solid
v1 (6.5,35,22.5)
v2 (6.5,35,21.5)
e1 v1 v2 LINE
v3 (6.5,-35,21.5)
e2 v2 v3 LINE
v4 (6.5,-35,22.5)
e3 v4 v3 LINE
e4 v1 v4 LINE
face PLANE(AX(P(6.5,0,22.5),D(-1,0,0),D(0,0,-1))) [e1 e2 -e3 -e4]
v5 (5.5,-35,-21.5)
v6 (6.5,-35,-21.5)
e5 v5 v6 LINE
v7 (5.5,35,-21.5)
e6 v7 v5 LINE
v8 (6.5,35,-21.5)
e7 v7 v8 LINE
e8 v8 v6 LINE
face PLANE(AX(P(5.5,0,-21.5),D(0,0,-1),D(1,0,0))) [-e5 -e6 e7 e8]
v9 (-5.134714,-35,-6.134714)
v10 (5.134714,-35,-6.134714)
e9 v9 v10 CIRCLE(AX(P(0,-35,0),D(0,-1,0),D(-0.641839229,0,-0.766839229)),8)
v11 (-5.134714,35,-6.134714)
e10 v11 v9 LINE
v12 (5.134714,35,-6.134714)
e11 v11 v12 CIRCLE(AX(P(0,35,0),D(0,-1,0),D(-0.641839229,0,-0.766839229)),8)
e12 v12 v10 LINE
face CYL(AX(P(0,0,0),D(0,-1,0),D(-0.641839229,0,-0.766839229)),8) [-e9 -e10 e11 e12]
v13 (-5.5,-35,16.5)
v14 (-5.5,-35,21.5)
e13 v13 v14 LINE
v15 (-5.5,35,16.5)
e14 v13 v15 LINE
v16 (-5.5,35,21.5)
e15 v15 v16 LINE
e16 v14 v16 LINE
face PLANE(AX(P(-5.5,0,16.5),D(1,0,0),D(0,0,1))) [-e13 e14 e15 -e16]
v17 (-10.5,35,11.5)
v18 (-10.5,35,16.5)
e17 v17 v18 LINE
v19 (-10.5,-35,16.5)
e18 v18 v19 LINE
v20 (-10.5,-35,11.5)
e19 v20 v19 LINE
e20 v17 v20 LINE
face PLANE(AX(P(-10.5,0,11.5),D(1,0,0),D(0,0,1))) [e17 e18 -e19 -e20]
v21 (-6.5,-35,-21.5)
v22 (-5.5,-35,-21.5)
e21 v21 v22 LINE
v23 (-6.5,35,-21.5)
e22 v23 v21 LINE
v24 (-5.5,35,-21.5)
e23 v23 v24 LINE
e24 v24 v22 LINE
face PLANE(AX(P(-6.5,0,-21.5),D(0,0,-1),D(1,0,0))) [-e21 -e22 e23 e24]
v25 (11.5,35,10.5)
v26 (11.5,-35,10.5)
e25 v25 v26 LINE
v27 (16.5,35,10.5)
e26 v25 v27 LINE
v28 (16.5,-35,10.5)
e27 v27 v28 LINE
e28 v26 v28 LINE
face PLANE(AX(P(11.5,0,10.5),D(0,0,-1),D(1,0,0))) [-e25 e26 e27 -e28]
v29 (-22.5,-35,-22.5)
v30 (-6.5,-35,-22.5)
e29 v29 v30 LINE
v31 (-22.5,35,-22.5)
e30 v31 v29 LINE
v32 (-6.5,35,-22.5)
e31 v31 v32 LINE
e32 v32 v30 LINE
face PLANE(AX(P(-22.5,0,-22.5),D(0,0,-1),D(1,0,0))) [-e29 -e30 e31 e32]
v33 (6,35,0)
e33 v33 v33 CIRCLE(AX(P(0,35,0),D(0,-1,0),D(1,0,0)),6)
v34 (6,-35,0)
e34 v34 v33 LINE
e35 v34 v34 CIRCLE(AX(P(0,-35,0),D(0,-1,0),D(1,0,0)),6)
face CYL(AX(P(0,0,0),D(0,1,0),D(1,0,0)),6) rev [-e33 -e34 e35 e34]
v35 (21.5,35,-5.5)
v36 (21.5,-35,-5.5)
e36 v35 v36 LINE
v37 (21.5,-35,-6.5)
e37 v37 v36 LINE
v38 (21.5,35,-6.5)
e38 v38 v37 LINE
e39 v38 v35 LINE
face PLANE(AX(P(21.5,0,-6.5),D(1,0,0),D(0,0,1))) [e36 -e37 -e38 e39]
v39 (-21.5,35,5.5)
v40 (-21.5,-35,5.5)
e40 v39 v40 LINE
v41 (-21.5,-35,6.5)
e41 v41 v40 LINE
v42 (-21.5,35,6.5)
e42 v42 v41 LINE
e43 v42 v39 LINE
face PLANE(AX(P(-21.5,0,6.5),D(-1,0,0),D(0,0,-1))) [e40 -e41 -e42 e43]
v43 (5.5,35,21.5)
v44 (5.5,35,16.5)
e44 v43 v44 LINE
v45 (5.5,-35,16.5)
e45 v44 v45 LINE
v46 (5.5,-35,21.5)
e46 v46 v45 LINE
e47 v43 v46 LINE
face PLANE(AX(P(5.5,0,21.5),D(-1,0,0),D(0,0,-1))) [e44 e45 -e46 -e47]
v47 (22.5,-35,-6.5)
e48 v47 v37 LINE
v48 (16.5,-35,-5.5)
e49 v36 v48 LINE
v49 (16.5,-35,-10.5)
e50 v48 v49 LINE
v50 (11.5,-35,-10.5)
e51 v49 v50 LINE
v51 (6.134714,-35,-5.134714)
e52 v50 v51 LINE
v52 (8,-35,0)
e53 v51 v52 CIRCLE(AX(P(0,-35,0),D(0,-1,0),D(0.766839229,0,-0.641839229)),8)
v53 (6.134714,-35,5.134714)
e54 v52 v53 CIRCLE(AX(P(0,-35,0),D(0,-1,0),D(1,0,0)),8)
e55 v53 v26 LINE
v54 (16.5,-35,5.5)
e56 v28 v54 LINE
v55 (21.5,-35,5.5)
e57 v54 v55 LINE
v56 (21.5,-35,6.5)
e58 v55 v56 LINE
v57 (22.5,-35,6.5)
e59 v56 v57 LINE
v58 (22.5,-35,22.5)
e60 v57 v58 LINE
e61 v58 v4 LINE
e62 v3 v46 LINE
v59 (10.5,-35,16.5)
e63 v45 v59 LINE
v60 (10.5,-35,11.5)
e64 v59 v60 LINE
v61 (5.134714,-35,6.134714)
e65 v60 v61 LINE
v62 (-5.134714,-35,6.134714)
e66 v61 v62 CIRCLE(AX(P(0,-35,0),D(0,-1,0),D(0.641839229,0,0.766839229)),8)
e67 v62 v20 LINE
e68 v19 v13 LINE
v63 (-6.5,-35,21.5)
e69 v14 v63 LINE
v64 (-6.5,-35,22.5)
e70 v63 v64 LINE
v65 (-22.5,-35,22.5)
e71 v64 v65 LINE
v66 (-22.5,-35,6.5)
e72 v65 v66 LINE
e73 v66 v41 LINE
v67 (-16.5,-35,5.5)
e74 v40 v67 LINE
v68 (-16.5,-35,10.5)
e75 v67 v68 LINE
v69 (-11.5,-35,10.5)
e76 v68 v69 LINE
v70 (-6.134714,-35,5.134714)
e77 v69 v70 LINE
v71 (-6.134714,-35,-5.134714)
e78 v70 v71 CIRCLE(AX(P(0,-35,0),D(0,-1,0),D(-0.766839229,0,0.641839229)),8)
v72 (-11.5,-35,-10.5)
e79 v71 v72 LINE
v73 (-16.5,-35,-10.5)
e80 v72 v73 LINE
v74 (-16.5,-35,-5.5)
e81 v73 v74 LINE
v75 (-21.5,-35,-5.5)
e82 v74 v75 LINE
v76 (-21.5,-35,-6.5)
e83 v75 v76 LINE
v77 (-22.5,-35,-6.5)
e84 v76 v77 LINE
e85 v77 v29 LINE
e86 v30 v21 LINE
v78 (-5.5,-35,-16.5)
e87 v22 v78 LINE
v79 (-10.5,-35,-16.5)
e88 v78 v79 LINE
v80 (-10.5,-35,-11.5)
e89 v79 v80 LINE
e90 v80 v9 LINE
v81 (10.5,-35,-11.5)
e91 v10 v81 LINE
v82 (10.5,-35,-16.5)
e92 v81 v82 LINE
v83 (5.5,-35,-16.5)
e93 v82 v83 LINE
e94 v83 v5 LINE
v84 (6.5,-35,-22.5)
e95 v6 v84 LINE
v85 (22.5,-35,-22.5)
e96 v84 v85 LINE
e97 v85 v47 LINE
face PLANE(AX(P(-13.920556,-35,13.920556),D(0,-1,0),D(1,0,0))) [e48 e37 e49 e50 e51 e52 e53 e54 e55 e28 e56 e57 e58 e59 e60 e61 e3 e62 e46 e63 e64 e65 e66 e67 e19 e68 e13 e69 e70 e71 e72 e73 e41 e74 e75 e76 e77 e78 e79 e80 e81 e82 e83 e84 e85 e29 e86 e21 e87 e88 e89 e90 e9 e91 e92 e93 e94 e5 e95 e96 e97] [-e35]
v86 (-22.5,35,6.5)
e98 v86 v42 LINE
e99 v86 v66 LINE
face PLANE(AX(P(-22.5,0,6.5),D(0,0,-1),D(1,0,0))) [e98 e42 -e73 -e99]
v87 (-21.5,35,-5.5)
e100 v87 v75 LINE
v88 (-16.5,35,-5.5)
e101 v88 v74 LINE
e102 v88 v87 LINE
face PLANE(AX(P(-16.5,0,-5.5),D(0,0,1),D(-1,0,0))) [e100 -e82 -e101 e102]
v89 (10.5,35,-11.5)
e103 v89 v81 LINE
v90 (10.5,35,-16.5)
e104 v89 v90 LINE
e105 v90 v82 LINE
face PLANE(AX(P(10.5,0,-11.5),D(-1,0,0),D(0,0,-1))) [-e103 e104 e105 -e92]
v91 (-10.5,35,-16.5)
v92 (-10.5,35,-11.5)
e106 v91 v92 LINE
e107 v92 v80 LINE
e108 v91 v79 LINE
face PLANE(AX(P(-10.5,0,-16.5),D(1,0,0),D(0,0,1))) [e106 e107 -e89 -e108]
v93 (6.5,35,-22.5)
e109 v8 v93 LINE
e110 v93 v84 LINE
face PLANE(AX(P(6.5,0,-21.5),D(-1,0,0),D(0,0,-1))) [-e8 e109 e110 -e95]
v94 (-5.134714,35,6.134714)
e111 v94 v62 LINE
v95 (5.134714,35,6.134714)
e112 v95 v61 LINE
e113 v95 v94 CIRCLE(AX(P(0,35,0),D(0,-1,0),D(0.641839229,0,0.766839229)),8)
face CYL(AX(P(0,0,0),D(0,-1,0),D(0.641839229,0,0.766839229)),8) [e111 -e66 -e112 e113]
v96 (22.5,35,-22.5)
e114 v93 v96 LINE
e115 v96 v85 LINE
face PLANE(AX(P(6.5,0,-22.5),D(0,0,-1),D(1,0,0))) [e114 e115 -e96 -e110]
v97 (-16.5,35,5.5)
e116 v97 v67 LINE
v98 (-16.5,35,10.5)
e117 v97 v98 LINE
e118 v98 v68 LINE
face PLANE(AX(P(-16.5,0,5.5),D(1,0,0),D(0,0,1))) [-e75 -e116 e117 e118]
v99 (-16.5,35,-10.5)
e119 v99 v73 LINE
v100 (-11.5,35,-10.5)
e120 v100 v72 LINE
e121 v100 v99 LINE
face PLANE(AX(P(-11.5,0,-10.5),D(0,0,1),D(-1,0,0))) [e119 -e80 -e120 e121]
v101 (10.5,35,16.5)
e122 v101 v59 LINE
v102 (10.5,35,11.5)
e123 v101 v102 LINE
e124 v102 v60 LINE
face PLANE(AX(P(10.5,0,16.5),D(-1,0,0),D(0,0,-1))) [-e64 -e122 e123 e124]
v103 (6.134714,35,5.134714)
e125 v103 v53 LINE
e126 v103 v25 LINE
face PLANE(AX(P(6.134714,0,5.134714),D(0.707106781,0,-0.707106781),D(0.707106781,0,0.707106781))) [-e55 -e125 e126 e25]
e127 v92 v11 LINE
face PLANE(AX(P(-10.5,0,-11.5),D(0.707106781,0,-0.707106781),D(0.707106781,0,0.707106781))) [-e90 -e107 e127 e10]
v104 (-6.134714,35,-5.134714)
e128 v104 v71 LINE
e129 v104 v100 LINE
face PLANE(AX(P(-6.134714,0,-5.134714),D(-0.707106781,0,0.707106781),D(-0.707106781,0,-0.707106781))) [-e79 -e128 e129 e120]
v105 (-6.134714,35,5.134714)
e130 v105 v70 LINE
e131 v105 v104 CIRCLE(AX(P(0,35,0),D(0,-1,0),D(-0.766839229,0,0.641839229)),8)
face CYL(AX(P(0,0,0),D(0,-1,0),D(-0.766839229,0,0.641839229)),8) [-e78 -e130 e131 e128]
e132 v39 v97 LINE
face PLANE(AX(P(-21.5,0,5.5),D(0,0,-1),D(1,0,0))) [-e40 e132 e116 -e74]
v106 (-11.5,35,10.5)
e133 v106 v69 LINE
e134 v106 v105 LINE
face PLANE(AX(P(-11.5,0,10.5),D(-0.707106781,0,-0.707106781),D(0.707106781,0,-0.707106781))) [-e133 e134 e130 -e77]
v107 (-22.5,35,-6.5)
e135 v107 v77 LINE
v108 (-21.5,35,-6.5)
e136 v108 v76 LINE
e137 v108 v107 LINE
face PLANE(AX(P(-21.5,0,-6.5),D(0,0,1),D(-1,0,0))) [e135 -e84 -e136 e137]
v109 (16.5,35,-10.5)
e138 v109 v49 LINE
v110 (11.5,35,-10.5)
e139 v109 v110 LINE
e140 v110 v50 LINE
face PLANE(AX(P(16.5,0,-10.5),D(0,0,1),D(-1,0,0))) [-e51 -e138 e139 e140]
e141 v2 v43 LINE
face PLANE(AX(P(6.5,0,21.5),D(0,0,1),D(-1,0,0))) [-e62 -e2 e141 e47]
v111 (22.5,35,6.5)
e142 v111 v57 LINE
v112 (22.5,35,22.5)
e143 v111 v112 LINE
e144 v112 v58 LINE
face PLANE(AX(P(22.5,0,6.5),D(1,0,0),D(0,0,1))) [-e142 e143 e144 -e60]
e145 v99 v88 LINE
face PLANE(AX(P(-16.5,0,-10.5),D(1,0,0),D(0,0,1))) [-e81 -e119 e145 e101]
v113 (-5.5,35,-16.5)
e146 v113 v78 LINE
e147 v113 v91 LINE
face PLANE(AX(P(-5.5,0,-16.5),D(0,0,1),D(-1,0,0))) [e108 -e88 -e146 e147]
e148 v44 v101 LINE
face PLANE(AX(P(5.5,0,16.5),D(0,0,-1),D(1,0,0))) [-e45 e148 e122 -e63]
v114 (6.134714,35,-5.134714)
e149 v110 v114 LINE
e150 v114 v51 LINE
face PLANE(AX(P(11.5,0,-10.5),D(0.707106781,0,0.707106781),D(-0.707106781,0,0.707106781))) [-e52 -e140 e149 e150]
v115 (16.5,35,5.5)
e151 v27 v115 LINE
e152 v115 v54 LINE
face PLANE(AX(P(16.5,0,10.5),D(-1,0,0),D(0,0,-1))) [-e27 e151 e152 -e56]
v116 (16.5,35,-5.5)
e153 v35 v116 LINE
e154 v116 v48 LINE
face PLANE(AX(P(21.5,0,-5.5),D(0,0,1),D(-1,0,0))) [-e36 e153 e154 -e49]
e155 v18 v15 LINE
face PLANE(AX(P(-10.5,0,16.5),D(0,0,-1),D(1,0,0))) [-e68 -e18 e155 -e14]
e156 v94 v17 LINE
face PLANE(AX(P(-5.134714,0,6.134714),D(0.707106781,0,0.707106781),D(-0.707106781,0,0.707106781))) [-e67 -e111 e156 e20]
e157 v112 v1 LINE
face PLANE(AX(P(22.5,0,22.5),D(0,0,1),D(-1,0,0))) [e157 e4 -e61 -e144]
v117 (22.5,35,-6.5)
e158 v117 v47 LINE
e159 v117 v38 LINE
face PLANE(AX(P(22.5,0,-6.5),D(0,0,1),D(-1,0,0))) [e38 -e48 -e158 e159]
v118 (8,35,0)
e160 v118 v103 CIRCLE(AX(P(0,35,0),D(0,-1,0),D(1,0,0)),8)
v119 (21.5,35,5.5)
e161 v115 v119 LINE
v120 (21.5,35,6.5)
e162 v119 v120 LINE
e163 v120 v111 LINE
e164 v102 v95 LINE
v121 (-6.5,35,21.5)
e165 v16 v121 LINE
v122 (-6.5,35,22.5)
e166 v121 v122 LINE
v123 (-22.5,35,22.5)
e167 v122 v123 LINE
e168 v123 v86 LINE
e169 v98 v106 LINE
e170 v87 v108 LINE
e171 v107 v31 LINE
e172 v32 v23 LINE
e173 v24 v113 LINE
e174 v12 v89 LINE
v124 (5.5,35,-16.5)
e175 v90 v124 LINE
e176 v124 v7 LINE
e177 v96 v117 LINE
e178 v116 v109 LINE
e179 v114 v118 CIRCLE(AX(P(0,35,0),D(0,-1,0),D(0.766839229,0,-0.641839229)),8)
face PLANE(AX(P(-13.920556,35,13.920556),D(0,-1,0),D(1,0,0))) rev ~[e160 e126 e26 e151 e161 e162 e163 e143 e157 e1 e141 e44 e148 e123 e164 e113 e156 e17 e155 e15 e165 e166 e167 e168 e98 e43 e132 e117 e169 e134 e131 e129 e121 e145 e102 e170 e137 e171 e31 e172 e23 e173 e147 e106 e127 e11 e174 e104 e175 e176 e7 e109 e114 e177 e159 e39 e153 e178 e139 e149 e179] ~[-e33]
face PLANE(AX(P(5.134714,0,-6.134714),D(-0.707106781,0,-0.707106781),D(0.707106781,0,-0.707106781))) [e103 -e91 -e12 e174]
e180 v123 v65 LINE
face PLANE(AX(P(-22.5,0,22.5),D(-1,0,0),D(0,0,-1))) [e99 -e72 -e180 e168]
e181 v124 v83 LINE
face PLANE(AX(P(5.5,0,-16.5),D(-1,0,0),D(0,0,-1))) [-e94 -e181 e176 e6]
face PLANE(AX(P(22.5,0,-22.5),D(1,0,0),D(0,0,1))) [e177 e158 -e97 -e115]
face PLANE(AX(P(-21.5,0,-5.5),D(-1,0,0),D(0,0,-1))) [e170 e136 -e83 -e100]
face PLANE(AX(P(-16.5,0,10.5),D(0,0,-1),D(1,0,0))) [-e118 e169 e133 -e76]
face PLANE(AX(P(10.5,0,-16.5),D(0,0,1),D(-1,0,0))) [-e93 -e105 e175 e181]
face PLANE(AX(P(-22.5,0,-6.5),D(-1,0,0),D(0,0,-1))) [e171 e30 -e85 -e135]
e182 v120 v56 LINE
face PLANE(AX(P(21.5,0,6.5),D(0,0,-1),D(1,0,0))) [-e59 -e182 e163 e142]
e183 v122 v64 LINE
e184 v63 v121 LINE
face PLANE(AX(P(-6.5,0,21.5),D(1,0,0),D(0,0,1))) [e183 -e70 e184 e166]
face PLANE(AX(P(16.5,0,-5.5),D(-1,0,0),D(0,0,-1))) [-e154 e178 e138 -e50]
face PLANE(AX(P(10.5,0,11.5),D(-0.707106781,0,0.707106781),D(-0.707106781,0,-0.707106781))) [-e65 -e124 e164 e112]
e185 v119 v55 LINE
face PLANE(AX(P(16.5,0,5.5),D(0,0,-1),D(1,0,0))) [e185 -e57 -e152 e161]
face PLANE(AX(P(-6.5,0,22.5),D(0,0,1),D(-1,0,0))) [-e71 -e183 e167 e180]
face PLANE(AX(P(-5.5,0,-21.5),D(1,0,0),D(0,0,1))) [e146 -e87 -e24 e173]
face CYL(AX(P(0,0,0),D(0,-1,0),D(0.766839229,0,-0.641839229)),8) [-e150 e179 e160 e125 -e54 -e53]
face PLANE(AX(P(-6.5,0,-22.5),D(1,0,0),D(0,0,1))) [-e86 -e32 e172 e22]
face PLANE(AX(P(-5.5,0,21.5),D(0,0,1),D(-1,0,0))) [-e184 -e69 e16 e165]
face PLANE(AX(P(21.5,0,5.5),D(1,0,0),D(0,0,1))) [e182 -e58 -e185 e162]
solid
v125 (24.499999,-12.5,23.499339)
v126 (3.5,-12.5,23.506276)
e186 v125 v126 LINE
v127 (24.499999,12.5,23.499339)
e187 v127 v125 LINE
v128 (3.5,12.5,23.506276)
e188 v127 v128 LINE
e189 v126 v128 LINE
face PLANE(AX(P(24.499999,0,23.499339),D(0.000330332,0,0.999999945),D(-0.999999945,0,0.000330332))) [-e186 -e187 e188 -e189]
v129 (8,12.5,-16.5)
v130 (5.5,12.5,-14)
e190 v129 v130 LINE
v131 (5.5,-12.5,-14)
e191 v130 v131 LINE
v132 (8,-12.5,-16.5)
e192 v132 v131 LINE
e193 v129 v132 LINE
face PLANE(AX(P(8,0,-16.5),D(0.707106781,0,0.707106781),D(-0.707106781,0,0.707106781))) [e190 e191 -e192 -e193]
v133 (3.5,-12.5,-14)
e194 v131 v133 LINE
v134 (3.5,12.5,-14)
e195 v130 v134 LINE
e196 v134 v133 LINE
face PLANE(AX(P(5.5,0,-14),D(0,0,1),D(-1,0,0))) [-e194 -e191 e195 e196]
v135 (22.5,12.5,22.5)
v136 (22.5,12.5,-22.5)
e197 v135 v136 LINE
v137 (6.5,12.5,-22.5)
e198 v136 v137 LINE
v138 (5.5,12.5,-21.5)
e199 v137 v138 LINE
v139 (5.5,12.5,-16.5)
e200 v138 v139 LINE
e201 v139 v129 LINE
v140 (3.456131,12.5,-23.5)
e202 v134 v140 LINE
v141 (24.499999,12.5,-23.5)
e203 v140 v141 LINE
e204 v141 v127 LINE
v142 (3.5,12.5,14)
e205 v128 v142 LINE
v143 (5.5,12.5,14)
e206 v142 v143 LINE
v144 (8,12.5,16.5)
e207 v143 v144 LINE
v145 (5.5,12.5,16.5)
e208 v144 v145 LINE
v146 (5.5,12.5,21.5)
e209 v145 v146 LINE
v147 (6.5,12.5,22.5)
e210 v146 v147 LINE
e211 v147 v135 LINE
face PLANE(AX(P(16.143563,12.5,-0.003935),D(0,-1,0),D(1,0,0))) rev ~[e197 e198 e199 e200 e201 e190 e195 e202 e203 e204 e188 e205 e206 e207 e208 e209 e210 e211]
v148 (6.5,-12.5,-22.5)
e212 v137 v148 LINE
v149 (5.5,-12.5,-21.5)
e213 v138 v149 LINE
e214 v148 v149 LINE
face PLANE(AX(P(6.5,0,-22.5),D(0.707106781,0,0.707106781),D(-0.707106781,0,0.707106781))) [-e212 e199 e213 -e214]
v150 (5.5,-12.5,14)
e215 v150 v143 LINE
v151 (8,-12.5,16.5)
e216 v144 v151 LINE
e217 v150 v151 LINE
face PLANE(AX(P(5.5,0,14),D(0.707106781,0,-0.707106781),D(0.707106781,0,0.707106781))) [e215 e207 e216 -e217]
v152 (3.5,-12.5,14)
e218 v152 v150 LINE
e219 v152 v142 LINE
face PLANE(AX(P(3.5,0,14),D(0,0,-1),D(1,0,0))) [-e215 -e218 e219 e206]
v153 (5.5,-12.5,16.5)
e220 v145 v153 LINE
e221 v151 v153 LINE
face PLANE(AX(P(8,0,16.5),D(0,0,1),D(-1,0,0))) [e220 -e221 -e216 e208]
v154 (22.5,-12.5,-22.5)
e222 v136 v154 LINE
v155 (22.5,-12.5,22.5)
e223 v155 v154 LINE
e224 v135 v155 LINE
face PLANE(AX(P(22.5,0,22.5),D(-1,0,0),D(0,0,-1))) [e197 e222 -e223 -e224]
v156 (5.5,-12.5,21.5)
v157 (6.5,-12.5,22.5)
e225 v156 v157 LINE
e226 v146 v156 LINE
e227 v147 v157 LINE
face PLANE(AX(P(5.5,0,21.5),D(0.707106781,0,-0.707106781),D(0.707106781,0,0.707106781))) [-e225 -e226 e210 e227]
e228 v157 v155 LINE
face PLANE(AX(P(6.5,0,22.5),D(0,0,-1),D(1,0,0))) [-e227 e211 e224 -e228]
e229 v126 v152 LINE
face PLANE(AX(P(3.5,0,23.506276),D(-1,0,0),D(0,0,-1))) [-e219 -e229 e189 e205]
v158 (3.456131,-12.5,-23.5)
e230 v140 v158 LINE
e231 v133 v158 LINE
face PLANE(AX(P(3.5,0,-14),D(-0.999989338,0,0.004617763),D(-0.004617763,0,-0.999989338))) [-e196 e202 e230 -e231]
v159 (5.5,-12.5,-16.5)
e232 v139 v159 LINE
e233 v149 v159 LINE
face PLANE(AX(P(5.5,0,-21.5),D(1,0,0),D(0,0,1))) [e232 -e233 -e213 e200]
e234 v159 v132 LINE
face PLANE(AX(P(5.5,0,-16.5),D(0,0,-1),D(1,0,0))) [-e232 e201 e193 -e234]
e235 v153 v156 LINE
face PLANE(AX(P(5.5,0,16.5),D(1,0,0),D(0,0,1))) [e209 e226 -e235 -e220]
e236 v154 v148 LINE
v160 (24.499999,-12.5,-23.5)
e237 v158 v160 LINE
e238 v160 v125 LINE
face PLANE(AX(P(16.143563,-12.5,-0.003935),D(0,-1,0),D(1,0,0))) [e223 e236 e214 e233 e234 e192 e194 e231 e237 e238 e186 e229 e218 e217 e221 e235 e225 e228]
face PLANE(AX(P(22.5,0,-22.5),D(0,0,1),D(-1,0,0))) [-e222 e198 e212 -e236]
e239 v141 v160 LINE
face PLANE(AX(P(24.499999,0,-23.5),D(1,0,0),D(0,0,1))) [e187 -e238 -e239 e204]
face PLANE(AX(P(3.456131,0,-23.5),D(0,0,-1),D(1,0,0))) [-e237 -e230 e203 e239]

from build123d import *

# Parameters (mm, degrees)
F0_R     = 6
F1_DEPTH = 35
F3_DEPTH = 12.5


with BuildPart() as f1:
    # F0 (on Front) → F1 (new body, symmetric)
    with BuildSketch(Plane.XZ):
        with BuildLine():
            Line((-6.5, 21.5), (-6.5, 22.5))
            Line((-6.5, 22.5), (-22.5, 22.5))
            Line((-22.5, 22.5), (-22.5, 6.5))
            Line((-22.5, 6.5), (-21.5, 6.5))
            Line((-21.5, 6.5), (-21.5, 5.5))
            Line((-21.5, 5.5), (-16.5, 5.5))
            Line((-16.5, 5.5), (-16.5, 10.5))
            Line((-16.5, 10.5), (-11.5, 10.5))
            Line((-11.5, 10.5), (-6.1347138348, 5.1347138348))
            ThreePointArc((-6.1347138348, 5.1347138348), (-5.6568542495, 5.6568542495), (-5.1347138348, 6.1347138348))
            Line((-5.1347138348, 6.1347138348), (-10.5, 11.5))
            Line((-10.5, 11.5), (-10.5, 16.5))
            Line((-10.5, 16.5), (-5.5, 16.5))
            Line((-5.5, 16.5), (-5.5, 21.5))
            Line((-5.5, 21.5), (-6.5, 21.5))
        make_face()
        with BuildLine():
            ThreePointArc((5.1347138348, 6.1347138348), (0, 8), (-5.1347138348, 6.1347138348))
            ThreePointArc((-5.1347138348, 6.1347138348), (-5.6568542495, 5.6568542495), (-6.1347138348, 5.1347138348))
            ThreePointArc((-6.1347138348, 5.1347138348), (-8, 0), (-6.1347138348, -5.1347138348))
            ThreePointArc((-6.1347138348, -5.1347138348), (-5.6568542495, -5.6568542495), (-5.1347138348, -6.1347138348))
            ThreePointArc((-5.1347138348, -6.1347138348), (0, -8), (5.1347138348, -6.1347138348))
            ThreePointArc((5.1347138348, -6.1347138348), (5.6568542495, -5.6568542495), (6.1347138348, -5.1347138348))
            ThreePointArc((6.1347138348, -5.1347138348), (7.5192323637, -2.7315095938), (8, 0))
            ThreePointArc((8, 0), (7.5192323637, 2.7315095938), (6.1347138348, 5.1347138348))
            ThreePointArc((6.1347138348, 5.1347138348), (5.6568542495, 5.6568542495), (5.1347138348, 6.1347138348))
        make_face()
        Circle(F0_R, mode=Mode.SUBTRACT)
        with BuildLine():
            Line((10.5, 11.5), (5.1347138348, 6.1347138348))
            ThreePointArc((5.1347138348, 6.1347138348), (5.6568542495, 5.6568542495), (6.1347138348, 5.1347138348))
            Line((6.1347138348, 5.1347138348), (11.5, 10.5))
            Line((11.5, 10.5), (16.5, 10.5))
            Line((16.5, 10.5), (16.5, 5.5))
            Line((16.5, 5.5), (21.5, 5.5))
            Line((21.5, 5.5), (21.5, 6.5))
            Line((21.5, 6.5), (22.5, 6.5))
            Line((22.5, 6.5), (22.5, 22.5))
            Line((22.5, 22.5), (6.5, 22.5))
            Line((6.5, 22.5), (6.5, 21.5))
            Line((6.5, 21.5), (5.5, 21.5))
            Line((5.5, 21.5), (5.5, 16.5))
            Line((5.5, 16.5), (10.5, 16.5))
            Line((10.5, 16.5), (10.5, 11.5))
        make_face()
        with BuildLine():
            ThreePointArc((-5.1347138348, -6.1347138348), (-5.6568542495, -5.6568542495), (-6.1347138348, -5.1347138348))
            Line((-6.1347138348, -5.1347138348), (-11.5, -10.5))
            Line((-11.5, -10.5), (-16.5, -10.5))
            Line((-16.5, -10.5), (-16.5, -5.5))
            Line((-16.5, -5.5), (-21.5, -5.5))
            Line((-21.5, -5.5), (-21.5, -6.5))
            Line((-21.5, -6.5), (-22.5, -6.5))
            Line((-22.5, -6.5), (-22.5, -22.5))
            Line((-22.5, -22.5), (-6.5, -22.5))
            Line((-6.5, -22.5), (-6.5, -21.5))
            Line((-6.5, -21.5), (-5.5, -21.5))
            Line((-5.5, -21.5), (-5.5, -16.5))
            Line((-5.5, -16.5), (-10.5, -16.5))
            Line((-10.5, -16.5), (-10.5, -11.5))
            Line((-10.5, -11.5), (-5.1347138348, -6.1347138348))
        make_face()
        with BuildLine():
            Line((11.5, -10.5), (6.1347138348, -5.1347138348))
            ThreePointArc((6.1347138348, -5.1347138348), (5.6568542495, -5.6568542495), (5.1347138348, -6.1347138348))
            Line((5.1347138348, -6.1347138348), (10.5, -11.5))
            Line((10.5, -11.5), (10.5, -16.5))
            Line((10.5, -16.5), (5.5, -16.5))
            Line((5.5, -16.5), (5.5, -21.5))
            Line((5.5, -21.5), (6.5, -21.5))
            Line((6.5, -21.5), (6.5, -22.5))
            Line((6.5, -22.5), (22.5, -22.5))
            Line((22.5, -22.5), (22.5, -6.5))
            Line((22.5, -6.5), (21.5, -6.5))
            Line((21.5, -6.5), (21.5, -5.5))
            Line((21.5, -5.5), (16.5, -5.5))
            Line((16.5, -5.5), (16.5, -10.5))
            Line((16.5, -10.5), (11.5, -10.5))
        make_face()
    extrude(amount=F1_DEPTH, both=True)


with BuildPart() as f3:
    # F2 (on Front) → F3 (new body, symmetric)
    with BuildSketch(Plane.XZ):
        Polygon((5.5, 14), (8, 16.5), (5.5, 16.5), (5.5, 21.5), (6.5, 22.5), (22.5, 22.5), (22.5, -22.5), (6.5, -22.5), (5.5, -21.5), (5.5, -16.5), (8, -16.5), (5.5, -14), (3.5, -14), (3.4561307877, -23.5), (24.4999988542, -23.5), (24.4999988542, 23.4993393362), (3.5, 23.5062763095), (3.5, 14), align=None)
    extrude(amount=F3_DEPTH, both=True)


solid = Compound([f1.part, f3.part])
